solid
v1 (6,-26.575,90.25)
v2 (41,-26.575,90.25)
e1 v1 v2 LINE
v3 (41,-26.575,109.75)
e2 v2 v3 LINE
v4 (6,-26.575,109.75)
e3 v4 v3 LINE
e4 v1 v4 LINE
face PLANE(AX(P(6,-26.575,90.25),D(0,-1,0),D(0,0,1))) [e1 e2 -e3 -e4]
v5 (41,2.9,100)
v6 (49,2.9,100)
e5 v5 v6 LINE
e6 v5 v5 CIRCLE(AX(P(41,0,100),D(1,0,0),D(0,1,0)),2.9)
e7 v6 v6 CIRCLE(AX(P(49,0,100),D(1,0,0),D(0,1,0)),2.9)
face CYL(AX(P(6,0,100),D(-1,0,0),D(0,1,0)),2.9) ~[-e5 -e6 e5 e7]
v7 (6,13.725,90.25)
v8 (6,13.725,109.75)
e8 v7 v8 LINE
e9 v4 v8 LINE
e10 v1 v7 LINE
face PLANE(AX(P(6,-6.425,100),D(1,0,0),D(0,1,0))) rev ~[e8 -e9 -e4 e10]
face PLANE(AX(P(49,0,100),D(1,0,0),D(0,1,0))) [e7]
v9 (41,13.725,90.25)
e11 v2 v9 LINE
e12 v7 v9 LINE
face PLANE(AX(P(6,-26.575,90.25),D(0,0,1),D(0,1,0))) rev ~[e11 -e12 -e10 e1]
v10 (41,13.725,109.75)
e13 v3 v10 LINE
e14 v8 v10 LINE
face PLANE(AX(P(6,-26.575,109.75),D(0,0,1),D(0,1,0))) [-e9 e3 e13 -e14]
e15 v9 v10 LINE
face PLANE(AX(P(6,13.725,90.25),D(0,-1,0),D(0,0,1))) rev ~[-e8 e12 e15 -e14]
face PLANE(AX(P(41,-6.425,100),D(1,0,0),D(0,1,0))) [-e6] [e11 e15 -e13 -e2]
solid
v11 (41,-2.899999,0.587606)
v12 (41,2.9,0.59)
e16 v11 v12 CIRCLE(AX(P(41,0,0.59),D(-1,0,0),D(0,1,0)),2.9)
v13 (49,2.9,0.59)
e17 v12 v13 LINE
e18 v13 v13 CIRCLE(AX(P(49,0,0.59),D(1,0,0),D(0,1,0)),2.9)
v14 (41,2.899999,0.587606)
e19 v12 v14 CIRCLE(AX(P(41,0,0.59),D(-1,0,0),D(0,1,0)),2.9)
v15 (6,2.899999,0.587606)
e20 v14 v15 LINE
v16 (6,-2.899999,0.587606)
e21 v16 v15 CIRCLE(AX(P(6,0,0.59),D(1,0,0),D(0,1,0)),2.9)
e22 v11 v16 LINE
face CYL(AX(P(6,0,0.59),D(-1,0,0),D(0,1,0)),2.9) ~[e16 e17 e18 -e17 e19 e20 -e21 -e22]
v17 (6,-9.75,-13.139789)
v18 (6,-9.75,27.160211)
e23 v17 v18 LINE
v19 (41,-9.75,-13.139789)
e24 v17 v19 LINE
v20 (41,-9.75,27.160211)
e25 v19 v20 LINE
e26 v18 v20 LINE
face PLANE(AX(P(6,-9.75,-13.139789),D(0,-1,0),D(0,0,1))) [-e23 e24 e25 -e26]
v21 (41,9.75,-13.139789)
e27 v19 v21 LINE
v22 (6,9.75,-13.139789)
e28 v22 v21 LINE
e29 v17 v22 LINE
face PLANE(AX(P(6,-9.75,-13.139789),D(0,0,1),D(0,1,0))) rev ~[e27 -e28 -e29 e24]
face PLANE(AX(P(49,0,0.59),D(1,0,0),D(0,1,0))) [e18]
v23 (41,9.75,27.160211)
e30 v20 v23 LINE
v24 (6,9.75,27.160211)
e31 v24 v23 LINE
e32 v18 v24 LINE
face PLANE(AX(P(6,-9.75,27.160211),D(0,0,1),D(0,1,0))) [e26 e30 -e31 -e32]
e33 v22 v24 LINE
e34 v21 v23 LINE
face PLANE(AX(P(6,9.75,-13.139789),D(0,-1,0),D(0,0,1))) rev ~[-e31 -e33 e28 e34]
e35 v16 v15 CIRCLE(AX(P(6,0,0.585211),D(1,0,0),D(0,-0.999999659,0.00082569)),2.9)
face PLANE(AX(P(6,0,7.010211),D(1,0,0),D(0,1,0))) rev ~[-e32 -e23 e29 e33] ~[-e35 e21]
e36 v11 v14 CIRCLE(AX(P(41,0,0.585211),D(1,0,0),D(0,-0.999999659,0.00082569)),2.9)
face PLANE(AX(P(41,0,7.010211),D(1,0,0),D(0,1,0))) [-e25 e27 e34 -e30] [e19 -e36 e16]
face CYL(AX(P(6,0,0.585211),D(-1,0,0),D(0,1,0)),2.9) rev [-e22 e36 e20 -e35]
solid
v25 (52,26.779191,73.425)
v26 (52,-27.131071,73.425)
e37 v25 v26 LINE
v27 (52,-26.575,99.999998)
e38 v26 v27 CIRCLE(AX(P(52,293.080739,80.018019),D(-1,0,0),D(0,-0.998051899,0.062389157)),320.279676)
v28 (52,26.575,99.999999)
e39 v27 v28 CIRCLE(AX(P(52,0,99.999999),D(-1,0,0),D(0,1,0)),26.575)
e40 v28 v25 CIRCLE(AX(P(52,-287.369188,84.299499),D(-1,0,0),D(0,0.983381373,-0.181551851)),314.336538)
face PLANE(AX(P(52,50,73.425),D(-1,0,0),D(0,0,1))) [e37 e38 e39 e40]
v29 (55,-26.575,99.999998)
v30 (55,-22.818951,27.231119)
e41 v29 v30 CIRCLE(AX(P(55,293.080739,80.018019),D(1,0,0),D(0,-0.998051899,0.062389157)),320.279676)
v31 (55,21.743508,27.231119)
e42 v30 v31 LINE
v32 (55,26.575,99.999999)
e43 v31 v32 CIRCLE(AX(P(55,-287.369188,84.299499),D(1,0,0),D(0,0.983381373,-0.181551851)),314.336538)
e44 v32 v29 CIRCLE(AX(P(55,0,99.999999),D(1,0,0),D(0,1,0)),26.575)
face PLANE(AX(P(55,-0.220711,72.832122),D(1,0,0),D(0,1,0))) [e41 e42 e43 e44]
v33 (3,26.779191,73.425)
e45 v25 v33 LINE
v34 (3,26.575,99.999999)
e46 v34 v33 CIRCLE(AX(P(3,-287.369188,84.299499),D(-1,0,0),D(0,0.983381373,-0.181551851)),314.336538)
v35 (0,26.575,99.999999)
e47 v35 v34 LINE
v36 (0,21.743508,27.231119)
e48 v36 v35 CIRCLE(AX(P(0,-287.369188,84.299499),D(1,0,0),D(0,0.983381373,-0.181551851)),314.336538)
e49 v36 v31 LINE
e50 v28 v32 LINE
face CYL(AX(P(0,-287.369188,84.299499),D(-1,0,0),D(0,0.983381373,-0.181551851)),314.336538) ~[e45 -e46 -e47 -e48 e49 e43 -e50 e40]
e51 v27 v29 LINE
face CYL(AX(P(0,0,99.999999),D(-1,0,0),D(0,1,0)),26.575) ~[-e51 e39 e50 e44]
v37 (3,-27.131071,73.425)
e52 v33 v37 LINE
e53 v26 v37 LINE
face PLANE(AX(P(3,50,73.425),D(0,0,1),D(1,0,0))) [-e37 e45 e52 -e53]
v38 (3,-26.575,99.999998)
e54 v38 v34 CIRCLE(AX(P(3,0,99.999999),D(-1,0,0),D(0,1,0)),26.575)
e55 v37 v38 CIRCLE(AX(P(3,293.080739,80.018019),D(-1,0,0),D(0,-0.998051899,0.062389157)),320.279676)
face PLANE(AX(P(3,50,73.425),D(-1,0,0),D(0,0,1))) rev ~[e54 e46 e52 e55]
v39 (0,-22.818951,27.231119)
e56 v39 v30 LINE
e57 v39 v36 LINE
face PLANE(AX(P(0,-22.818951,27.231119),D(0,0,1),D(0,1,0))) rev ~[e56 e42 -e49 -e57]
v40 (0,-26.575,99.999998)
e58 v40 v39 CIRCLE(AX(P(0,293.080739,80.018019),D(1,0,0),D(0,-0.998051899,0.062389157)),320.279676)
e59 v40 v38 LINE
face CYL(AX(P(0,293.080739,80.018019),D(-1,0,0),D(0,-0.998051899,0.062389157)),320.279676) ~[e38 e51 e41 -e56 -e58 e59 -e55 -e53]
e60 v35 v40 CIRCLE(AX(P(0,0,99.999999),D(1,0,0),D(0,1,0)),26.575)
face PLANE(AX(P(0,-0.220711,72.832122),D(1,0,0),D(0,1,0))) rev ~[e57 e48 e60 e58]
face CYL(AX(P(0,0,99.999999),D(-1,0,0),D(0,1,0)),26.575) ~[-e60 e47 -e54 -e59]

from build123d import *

# Parameters (mm, degrees)
PAD_DEPTH    = 55
SKETCH003_W  = 49
SKETCH003_H  = 53.15
POCKET_DEPTH = 100
SKETCH005_W  = 40.3
SKETCH005_H  = 19.5
SKETCH005_R  = 2.9
PAD001_DEPTH = 35
SKETCH006_R  = 2.9
PAD002_DEPTH = 43
SKETCH007_W  = 19.5
SKETCH007_H  = 40.3
SKETCH007_R  = 2.9
PAD003_DEPTH = 35
SKETCH008_R  = 2.9
PAD004_DEPTH = 43


with BuildPart() as upperlegbody:
    # Sketch → Pad (new body)
    with BuildSketch(Plane.YZ):
        with BuildLine():
            ThreePointArc((26.575, 99.999999), (0, 126.574999), (-26.575, 99.999998))
            ThreePointArc((-26.575, 99.999998), (-26.773139, 63.508395), (-22.818951, 27.231119))
            Line((-22.818951, 27.231119), (21.743508, 27.231119))
            ThreePointArc((21.743508, 27.231119), (26.276787, 63.474965), (26.575, 99.999999))
        make_face()
    extrude(amount=PAD_DEPTH)

    # Sketch003 → Pocket (cut)
    with BuildSketch(Plane(origin=(3, 50, 0), x_dir=(1, 0, 0), z_dir=(0, -1, 0))):
        with Locations((24.5, 100)):
            Rectangle(SKETCH003_W, SKETCH003_H)
    extrude(amount=POCKET_DEPTH, mode=Mode.SUBTRACT)


with BuildPart() as femurservobody:
    # Sketch005 → Pad001 (new body)
    with BuildSketch(Plane.YZ):
        with Locations((-6.425, 100)):
            Rectangle(SKETCH005_W, SKETCH005_H)
        with Locations((0, 100)):
            Circle(SKETCH005_R, mode=Mode.SUBTRACT)
    extrude(amount=PAD001_DEPTH)

    # Sketch006 → Pad002 (join)
    with BuildSketch(Plane.YZ):
        with Locations((0, 100)):
            Circle(SKETCH006_R)
    extrude(amount=PAD002_DEPTH)


with BuildPart() as femurservobody_1:
    # Body001 placement: moved
    add(femurservobody.part.moved(Location((6, 0, 0))))


with BuildPart() as kneeservobody:
    # Sketch007 → Pad003 (new body)
    with BuildSketch(Plane.YZ):
        with Locations((0, 7.010211)):
            Rectangle(SKETCH007_W, SKETCH007_H)
        with Locations((0, 0.585211)):
            Circle(SKETCH007_R, mode=Mode.SUBTRACT)
    extrude(amount=PAD003_DEPTH)

    # Sketch008 → Pad004 (join)
    with BuildSketch(Plane.YZ):
        with Locations((0, 0.59)):
            Circle(SKETCH008_R)
    extrude(amount=PAD004_DEPTH)


with BuildPart() as kneeservobody_1:
    # Body002 placement: moved
    add(kneeservobody.part.moved(Location((6, 0, 0))))


solid = Compound([upperlegbody.part, femurservobody_1.part, kneeservobody_1.part])
